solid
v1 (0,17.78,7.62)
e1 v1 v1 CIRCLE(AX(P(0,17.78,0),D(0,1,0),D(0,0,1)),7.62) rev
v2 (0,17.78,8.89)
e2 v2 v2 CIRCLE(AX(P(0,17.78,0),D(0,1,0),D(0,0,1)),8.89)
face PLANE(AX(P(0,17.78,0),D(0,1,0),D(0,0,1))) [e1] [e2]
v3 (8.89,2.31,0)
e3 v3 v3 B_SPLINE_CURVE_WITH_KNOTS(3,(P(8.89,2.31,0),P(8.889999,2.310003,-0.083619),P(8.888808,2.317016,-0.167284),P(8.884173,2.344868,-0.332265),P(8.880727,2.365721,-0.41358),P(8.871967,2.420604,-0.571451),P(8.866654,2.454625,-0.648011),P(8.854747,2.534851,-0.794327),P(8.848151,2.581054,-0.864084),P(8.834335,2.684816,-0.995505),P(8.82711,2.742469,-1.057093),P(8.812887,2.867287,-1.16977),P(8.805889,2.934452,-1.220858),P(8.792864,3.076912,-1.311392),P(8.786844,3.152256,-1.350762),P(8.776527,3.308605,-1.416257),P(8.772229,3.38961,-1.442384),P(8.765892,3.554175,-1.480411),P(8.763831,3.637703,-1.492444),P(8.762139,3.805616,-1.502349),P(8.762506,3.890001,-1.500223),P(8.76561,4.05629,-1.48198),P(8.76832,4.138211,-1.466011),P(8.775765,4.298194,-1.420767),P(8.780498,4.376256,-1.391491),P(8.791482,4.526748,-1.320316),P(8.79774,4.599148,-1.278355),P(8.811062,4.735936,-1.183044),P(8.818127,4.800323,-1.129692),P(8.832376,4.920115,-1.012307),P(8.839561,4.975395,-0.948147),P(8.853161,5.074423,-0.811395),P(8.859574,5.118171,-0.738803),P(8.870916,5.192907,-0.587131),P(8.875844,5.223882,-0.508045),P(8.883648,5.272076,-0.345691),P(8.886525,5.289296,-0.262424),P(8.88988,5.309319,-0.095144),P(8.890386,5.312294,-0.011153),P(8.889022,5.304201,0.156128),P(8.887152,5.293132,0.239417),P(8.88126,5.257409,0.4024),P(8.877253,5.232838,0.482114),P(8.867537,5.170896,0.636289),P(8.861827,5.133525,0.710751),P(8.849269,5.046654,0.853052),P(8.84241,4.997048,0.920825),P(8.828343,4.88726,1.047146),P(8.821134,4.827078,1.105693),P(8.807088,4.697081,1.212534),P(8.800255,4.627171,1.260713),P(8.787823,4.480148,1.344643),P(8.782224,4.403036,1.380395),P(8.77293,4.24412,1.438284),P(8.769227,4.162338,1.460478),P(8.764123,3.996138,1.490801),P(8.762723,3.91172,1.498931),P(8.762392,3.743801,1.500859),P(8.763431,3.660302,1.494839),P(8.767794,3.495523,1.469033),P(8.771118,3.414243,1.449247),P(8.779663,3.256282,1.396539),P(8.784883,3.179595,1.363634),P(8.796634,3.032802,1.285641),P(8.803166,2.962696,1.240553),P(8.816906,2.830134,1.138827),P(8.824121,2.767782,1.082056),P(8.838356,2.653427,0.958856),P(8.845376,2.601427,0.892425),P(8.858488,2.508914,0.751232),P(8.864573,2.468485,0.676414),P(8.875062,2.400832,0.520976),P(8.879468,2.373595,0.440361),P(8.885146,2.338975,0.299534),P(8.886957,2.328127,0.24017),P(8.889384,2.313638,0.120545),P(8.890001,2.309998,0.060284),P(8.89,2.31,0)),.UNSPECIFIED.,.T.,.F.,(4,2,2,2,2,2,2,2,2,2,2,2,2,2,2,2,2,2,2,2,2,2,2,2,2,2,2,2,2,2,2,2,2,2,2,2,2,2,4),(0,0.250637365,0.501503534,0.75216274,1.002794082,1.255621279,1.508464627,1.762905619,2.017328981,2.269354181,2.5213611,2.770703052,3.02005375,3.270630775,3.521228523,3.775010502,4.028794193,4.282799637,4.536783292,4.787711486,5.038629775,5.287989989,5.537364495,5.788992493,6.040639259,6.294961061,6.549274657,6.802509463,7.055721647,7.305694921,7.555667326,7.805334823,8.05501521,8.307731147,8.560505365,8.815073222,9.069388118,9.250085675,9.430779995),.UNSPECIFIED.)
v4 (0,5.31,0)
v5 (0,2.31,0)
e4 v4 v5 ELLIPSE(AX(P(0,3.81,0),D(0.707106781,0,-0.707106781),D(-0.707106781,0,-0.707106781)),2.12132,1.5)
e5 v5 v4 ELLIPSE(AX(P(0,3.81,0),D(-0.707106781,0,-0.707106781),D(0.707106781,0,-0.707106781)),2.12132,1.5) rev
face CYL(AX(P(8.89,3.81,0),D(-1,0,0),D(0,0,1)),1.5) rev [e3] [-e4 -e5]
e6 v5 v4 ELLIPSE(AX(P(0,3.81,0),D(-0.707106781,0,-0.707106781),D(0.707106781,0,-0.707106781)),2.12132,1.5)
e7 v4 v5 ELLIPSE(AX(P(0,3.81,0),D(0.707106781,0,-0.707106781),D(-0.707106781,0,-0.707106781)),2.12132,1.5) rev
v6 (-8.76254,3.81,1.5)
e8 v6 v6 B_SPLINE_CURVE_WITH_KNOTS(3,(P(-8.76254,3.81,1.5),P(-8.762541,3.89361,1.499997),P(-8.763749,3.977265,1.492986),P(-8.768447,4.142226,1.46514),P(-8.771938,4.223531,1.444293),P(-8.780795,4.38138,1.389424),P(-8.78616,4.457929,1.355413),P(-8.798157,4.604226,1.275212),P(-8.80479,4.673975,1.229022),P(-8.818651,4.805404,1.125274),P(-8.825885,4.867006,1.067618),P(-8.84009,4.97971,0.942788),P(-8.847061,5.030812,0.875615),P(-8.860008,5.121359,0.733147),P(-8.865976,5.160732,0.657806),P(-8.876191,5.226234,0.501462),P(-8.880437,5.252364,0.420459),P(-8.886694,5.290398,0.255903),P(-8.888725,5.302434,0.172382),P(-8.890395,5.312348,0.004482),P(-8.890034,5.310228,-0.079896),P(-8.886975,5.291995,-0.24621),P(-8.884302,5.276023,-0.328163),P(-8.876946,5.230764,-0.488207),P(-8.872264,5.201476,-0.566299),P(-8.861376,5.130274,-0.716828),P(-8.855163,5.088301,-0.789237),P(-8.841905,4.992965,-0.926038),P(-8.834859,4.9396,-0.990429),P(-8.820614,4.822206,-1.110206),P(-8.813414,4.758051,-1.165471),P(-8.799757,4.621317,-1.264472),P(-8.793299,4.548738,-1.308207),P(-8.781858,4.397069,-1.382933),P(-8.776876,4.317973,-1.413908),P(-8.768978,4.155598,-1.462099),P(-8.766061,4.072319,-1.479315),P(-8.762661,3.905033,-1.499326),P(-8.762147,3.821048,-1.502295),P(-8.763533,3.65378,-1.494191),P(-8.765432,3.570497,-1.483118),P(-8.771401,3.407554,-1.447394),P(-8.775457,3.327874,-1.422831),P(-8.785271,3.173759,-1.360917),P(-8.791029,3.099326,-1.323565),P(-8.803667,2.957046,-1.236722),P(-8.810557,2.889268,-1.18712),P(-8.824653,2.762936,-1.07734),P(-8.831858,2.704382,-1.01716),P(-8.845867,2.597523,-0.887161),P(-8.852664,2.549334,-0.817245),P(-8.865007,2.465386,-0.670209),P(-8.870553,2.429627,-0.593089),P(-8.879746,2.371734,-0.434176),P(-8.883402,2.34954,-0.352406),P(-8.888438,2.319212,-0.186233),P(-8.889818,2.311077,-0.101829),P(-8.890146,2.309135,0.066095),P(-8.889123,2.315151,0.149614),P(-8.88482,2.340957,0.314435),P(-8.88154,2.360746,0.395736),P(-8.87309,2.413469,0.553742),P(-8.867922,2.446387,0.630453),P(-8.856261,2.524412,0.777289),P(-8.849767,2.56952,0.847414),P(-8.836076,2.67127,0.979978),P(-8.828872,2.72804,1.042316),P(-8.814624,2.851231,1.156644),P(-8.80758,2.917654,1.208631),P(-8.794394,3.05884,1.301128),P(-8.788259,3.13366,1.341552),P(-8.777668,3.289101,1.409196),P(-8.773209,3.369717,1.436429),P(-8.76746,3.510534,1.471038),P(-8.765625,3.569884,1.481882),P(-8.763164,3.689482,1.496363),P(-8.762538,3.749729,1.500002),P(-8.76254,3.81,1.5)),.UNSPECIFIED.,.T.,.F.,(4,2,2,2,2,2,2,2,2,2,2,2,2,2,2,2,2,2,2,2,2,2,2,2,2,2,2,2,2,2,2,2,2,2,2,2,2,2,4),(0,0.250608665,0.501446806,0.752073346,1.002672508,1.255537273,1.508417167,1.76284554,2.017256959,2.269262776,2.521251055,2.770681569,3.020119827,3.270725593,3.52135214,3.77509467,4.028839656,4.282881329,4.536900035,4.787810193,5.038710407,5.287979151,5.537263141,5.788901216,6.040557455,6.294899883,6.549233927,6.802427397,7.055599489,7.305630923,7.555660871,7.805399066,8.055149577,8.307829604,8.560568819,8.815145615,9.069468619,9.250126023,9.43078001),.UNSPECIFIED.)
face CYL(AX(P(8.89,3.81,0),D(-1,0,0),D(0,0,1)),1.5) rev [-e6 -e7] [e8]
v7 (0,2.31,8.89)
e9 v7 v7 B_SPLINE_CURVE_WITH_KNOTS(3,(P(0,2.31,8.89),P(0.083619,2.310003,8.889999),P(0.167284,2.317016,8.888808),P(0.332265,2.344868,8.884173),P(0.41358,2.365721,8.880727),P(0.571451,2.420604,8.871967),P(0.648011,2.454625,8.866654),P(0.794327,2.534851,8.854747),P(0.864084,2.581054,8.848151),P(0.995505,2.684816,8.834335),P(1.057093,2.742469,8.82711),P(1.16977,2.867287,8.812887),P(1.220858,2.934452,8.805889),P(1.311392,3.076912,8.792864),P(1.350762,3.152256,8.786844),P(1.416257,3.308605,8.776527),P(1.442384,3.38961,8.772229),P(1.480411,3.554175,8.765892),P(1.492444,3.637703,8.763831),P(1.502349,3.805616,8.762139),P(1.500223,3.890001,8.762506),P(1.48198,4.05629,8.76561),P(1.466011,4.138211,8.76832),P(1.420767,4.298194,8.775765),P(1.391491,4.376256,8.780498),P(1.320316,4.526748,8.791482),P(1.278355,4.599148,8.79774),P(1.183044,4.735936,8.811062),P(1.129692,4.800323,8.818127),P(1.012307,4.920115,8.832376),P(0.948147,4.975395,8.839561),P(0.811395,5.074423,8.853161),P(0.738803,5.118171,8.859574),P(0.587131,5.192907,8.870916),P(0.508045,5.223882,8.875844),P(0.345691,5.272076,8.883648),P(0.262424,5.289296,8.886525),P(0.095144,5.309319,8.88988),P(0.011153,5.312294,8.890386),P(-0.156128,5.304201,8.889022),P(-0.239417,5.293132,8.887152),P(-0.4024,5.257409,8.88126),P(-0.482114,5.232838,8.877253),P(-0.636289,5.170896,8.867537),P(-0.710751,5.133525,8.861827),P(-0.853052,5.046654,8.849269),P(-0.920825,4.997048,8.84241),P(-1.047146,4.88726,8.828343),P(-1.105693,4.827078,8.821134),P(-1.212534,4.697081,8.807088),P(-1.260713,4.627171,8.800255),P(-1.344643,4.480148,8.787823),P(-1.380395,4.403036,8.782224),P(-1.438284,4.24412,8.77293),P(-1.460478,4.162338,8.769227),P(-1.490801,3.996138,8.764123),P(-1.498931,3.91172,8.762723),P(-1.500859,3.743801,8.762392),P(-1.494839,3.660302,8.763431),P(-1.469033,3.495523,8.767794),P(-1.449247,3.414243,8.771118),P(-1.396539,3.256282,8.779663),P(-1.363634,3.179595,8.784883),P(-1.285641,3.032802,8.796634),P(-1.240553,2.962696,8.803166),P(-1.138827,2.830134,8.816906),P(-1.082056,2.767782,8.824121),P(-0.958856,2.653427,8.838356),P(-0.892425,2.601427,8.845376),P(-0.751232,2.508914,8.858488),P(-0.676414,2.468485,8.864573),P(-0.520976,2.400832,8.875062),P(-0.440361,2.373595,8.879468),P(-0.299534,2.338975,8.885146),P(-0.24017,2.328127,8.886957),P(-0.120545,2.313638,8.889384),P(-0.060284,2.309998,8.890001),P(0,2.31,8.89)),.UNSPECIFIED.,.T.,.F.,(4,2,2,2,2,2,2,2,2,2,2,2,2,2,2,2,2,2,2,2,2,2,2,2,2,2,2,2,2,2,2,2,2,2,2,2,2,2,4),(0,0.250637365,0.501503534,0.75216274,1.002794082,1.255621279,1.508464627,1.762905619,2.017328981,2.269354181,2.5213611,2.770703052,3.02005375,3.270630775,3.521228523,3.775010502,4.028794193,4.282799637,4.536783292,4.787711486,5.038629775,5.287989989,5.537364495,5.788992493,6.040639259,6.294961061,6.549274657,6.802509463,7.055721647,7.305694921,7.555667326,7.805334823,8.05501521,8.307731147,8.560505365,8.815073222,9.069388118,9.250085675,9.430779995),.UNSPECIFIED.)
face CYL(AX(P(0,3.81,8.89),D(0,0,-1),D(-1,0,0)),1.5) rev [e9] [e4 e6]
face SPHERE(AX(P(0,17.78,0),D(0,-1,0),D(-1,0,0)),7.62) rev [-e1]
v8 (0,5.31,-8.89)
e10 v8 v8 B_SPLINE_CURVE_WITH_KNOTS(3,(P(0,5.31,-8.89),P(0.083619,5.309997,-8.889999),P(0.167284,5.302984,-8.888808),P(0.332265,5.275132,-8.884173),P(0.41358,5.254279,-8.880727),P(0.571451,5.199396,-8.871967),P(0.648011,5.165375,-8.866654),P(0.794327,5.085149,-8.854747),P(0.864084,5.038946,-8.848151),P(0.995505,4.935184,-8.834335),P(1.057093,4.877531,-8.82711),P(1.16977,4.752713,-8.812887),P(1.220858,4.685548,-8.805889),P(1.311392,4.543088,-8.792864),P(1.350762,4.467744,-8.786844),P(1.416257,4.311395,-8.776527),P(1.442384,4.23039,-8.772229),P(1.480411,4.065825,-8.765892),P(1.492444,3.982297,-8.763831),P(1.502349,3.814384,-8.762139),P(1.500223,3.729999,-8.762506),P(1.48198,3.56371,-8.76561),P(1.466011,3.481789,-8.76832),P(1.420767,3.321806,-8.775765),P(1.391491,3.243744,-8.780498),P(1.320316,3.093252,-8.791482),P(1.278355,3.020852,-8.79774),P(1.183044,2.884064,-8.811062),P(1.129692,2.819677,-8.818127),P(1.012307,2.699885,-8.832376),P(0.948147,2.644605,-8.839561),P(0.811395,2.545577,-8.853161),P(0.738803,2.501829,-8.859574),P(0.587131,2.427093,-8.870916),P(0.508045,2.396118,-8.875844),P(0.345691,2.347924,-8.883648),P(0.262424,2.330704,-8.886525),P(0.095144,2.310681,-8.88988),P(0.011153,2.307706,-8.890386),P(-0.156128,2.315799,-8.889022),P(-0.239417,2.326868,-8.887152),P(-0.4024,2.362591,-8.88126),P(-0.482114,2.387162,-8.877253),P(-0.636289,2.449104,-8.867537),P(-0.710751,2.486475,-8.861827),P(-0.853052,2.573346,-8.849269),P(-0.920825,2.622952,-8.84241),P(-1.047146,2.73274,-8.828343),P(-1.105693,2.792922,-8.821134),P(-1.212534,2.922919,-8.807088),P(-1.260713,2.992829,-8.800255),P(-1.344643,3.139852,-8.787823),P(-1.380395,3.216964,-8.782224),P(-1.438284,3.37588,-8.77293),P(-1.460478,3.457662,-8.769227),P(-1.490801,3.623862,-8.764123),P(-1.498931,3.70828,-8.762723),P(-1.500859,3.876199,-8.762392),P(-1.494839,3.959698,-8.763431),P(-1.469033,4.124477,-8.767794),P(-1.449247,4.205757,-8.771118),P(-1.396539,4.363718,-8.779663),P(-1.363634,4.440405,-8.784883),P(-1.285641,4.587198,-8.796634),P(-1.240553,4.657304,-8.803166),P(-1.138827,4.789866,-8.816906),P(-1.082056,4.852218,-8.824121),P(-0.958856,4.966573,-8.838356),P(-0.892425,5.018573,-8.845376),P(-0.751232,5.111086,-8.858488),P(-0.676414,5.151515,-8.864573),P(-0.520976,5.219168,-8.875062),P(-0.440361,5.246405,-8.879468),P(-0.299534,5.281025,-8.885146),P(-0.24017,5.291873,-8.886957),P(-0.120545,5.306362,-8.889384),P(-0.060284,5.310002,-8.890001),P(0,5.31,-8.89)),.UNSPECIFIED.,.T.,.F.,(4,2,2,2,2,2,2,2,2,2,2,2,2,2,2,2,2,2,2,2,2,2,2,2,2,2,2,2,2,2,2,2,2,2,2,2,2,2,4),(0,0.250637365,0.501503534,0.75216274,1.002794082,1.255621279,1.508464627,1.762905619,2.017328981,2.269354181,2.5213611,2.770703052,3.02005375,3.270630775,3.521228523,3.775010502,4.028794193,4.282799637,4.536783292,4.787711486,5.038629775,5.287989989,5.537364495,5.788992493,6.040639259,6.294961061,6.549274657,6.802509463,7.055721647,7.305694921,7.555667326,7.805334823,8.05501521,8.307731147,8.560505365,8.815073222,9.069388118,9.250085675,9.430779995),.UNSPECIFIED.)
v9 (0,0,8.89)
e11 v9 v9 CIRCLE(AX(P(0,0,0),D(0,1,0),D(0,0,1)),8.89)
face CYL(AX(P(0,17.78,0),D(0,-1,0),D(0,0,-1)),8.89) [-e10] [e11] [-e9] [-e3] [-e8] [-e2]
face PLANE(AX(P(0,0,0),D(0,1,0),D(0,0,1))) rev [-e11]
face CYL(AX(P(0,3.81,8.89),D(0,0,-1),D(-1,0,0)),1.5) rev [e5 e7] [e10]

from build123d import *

# Parameters (mm, degrees)
SKETCH1_R           = 8.89
BOSS_EXTRUDE1_DEPTH = 17.78
SKETCH3_R           = 1.5
CUT_EXTRUDE1_DEPTH  = 22.775963813
CIRPATTERN1_COUNT   = 2
CIRPATTERN1_ANGLE   = 90


with BuildPart() as part:
    # Sketch1 → Boss-Extrude1 (new body)
    with BuildSketch(Plane(origin=(0, 0, 0), x_dir=(1, 0, 0), z_dir=(0, 1, 0))):
        with Locations(Location((0, 0, 0), (0, 0, 270))):
            Circle(SKETCH1_R)
    extrude(amount=BOSS_EXTRUDE1_DEPTH)

    # Sketch2 → Cut-Revolve1 (revolve, cut)
    with BuildSketch(Plane.XY):
        with BuildLine():
            Line((0, 10.16), (0, 25.4))
            ThreePointArc((0, 25.4), (-7.62, 17.78), (0, 10.16))
        make_face()
    revolve(axis=Axis((0, 10.16, 0), (0, 1, 0)), mode=Mode.SUBTRACT)

    # Sketch3 → Cut-Extrude1 (cut, symmetric)
    with BuildSketch(Plane.XY):
        with Locations(Location((0, 3.81, 0), (0, 0, 90))):
            Circle(SKETCH3_R)
    cut_extrude1 = extrude(amount=CUT_EXTRUDE1_DEPTH, both=True, mode=Mode.SUBTRACT)

    # CirPattern1: Cut-Extrude1 ×2 about axis
    cirpattern1_axis = Axis((0, 0, 0), (0, 1, 0))
    for i in range(1, CIRPATTERN1_COUNT):
        add(cut_extrude1.rotate(cirpattern1_axis, i * CIRPATTERN1_ANGLE / (CIRPATTERN1_COUNT - 1)), mode=Mode.SUBTRACT)


solid = part.part
